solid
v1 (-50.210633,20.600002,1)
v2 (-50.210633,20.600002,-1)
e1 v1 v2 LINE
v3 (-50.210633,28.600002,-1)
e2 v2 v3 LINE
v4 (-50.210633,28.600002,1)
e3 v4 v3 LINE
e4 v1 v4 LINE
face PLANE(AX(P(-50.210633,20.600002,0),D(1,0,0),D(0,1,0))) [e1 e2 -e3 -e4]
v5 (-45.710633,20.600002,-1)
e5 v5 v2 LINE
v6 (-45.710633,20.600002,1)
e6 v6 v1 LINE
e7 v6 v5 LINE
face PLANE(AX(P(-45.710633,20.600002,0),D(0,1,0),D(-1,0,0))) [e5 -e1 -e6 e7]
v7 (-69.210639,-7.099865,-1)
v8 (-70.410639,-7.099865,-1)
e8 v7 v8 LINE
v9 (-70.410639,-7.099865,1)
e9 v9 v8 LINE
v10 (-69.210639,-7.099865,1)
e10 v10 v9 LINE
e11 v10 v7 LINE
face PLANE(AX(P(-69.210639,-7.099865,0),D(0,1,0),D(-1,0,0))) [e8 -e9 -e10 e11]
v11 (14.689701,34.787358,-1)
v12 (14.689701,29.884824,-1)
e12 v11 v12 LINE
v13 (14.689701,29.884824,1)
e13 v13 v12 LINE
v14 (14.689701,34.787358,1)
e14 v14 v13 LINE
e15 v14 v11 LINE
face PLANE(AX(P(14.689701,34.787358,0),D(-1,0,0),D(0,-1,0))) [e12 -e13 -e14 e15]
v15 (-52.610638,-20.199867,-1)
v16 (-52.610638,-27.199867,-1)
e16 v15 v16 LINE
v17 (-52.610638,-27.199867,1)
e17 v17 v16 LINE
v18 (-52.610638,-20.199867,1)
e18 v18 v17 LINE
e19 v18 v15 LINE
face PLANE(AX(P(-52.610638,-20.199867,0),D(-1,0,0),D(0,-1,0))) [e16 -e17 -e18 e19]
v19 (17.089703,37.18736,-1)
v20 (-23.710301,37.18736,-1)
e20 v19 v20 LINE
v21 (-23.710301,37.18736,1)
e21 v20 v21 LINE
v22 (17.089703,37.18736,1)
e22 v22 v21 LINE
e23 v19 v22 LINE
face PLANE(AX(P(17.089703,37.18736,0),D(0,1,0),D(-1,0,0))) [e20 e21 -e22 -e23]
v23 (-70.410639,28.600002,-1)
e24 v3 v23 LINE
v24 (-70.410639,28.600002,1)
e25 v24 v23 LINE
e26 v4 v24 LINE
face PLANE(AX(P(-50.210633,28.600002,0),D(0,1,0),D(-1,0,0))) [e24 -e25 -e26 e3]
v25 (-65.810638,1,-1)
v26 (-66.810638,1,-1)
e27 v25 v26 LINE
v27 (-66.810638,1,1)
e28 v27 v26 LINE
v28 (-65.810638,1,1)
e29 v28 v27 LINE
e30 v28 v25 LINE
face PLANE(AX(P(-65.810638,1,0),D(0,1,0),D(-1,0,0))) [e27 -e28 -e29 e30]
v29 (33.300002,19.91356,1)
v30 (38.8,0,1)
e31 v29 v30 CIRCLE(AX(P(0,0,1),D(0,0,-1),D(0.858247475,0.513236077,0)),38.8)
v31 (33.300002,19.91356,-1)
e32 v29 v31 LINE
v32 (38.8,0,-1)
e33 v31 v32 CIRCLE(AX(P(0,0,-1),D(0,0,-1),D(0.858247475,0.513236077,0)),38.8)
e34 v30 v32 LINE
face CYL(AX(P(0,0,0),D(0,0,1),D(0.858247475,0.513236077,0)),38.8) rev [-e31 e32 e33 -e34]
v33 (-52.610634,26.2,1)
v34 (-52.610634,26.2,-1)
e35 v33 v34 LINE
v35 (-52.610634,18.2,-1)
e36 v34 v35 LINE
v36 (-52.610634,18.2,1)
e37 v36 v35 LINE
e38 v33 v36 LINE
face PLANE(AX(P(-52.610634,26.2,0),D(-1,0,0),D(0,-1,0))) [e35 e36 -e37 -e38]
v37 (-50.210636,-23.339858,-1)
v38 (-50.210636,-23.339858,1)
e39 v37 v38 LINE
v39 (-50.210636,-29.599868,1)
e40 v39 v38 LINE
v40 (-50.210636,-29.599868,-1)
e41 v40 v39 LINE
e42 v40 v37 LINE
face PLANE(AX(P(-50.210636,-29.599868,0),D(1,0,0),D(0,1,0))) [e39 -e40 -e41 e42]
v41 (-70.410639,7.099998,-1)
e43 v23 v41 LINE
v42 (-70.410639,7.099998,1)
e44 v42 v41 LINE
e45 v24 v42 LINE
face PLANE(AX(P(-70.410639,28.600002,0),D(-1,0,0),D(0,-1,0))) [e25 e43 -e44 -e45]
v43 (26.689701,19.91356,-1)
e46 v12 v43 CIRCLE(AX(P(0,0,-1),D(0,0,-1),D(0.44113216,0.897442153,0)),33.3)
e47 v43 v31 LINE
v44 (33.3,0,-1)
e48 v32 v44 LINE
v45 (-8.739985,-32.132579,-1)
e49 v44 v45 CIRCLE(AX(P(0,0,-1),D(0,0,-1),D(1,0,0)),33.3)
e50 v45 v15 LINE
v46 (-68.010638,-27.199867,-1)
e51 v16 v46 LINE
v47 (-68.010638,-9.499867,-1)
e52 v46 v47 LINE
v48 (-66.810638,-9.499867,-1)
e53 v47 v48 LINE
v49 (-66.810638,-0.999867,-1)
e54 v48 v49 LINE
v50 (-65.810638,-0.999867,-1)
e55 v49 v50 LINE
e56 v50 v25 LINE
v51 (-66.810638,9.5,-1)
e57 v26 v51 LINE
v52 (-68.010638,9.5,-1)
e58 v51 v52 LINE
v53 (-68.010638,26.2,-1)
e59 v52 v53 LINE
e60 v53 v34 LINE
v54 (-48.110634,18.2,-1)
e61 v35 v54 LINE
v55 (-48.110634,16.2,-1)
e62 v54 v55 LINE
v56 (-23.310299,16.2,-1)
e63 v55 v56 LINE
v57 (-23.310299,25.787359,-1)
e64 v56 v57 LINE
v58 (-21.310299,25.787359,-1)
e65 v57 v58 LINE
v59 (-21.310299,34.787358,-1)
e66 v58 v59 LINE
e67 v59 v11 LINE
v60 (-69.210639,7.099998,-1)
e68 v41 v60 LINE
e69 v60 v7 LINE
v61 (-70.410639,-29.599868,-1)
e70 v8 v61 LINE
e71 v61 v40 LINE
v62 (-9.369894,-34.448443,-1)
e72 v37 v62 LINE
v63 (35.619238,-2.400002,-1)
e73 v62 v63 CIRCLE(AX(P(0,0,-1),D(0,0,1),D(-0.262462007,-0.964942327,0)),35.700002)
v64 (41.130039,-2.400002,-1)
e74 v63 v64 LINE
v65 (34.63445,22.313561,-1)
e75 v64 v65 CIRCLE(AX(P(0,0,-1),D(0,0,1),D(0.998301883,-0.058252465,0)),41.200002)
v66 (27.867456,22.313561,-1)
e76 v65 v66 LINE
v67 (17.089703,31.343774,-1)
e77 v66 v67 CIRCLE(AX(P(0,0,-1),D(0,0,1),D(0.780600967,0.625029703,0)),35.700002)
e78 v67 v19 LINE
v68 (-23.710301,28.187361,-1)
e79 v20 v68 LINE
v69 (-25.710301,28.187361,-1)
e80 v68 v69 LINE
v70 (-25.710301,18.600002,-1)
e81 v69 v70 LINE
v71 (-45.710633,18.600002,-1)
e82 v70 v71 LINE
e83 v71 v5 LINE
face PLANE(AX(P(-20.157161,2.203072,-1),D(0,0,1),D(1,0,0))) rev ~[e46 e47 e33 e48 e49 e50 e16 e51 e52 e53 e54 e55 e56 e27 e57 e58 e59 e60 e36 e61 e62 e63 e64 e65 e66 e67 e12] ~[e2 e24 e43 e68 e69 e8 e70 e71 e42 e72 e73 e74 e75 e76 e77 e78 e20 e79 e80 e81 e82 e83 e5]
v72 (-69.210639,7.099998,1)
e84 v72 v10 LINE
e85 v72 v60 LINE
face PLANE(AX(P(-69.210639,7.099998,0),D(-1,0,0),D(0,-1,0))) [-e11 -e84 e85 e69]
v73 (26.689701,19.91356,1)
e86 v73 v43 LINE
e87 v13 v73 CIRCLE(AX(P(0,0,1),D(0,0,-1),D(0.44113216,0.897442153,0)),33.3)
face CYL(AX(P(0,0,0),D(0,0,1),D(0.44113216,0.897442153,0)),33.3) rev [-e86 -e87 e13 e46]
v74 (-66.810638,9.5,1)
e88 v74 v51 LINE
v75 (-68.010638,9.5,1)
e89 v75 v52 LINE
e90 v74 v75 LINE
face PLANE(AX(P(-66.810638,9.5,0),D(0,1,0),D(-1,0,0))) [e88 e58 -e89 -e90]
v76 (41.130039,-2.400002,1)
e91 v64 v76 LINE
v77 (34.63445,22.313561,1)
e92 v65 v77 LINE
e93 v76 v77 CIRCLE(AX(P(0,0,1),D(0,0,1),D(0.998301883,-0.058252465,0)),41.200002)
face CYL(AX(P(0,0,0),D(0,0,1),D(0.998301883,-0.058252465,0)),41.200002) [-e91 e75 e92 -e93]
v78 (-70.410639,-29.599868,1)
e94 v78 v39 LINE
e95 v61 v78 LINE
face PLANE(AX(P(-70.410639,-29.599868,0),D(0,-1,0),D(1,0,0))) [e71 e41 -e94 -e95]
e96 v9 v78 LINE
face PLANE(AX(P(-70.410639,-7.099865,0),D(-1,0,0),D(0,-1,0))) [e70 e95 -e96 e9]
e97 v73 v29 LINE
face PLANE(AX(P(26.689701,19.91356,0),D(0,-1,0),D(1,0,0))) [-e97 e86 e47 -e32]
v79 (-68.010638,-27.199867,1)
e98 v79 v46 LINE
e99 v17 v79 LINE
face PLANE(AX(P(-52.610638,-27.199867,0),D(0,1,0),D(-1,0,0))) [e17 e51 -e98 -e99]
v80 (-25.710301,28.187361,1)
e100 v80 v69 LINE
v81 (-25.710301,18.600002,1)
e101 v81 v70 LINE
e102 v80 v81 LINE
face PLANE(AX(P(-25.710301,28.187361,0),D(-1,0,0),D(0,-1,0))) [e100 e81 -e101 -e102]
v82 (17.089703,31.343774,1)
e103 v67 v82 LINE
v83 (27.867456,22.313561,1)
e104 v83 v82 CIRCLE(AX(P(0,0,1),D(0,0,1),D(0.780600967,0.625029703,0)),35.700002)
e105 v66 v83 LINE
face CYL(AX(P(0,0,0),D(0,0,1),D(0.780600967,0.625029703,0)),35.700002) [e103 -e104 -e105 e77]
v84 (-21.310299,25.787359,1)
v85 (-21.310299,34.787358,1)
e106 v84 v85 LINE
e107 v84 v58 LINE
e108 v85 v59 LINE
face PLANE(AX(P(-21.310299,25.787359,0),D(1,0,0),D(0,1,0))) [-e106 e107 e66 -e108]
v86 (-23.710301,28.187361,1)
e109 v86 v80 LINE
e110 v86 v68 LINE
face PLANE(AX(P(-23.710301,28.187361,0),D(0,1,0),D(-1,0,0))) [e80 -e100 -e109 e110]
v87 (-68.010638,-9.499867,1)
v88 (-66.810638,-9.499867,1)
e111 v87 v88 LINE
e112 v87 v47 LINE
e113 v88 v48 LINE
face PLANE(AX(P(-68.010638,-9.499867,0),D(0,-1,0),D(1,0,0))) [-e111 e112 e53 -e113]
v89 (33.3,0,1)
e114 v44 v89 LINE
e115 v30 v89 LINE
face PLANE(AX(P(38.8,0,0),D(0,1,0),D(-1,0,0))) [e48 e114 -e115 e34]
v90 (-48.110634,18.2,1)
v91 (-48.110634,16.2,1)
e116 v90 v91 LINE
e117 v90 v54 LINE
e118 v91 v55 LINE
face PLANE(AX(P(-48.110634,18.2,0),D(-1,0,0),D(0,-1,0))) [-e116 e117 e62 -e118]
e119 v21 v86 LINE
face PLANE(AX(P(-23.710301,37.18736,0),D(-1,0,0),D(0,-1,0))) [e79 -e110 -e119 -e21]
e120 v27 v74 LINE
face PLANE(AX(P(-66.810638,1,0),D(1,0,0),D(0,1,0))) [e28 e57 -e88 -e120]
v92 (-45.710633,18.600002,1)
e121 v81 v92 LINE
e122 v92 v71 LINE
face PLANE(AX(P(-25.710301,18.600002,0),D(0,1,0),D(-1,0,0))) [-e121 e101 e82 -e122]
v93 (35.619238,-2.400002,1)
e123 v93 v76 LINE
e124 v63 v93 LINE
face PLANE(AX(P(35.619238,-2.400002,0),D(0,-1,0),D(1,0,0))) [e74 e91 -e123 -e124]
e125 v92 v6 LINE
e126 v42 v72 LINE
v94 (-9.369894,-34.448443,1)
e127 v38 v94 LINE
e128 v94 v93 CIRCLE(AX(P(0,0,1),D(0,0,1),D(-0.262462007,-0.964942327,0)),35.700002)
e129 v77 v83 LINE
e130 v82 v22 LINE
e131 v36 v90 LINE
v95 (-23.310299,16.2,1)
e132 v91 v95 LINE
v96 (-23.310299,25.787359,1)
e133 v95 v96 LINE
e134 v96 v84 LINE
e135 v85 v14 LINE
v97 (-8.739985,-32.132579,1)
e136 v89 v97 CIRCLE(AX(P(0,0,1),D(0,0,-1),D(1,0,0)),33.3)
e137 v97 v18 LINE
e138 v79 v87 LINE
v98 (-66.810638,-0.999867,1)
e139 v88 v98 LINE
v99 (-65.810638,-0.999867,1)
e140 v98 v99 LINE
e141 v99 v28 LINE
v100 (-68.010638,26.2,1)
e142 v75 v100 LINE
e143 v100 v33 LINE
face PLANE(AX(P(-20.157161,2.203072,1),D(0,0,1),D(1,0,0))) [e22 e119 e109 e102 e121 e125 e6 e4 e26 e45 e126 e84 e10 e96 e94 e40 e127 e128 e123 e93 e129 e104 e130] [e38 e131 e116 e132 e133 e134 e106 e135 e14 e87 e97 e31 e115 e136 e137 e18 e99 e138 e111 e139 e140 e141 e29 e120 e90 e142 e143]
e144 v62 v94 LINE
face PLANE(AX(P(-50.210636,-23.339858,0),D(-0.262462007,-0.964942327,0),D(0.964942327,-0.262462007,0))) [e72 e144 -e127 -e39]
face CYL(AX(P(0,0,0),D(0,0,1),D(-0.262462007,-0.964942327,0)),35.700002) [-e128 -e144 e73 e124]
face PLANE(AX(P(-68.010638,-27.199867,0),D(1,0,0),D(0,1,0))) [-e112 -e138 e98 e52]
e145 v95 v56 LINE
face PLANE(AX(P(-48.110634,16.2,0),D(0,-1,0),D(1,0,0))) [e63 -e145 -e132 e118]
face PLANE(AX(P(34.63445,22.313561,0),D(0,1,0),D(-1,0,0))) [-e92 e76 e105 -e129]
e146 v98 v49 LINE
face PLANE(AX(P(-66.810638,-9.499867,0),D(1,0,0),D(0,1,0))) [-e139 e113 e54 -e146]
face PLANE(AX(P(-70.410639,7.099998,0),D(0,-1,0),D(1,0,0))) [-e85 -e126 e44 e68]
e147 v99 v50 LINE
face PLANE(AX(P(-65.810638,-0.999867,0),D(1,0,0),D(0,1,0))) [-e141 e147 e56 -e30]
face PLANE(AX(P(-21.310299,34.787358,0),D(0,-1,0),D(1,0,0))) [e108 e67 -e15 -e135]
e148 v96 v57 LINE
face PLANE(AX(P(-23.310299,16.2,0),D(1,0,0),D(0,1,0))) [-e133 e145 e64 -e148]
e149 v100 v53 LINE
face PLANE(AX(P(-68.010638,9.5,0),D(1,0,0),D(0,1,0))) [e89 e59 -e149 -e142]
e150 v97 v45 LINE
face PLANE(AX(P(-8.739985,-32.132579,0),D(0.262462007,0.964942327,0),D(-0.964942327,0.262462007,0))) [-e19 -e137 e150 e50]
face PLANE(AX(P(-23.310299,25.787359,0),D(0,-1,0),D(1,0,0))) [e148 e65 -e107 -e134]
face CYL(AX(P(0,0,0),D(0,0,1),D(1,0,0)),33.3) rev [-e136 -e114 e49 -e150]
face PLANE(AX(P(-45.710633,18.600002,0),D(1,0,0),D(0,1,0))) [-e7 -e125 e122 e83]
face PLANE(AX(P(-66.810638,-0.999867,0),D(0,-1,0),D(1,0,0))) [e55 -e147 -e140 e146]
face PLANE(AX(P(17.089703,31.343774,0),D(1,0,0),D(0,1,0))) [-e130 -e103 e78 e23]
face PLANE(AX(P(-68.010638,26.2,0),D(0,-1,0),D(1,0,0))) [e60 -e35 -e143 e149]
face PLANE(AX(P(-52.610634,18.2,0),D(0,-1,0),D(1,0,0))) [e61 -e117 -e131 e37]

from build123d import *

# Parameters (mm, degrees)
F1_DEPTH = 1


with BuildPart() as f1:
    # F0 (on Top) → F1 (new body, symmetric)
    with BuildSketch(Plane.XY):
        with BuildLine():
            Line((-70.4106393839, -7.0998651044), (-70.4106393839, -29.5998683792))
            Line((-70.4106393839, -29.5998683792), (-50.2106361091, -29.5998683792))
            Line((-50.2106361091, -29.5998683792), (-50.2106361091, -23.339858427))
            Line((-50.2106361091, -23.339858427), (-9.3698940826, -34.4484426613))
            ThreePointArc((-9.3698940826, -34.4484426613), (20.713103481, -29.0767512129), (35.6192379066, -2.4000016374))
            Line((35.6192379066, -2.4000016374), (41.13003923, -2.4000016374))
            ThreePointArc((41.13003923, -2.4000016374), (39.8466372276, 10.4730910707), (34.6344497709, 22.3135614366))
            Line((34.6344497709, 22.3135614366), (27.8674558028, 22.3135614366))
            ThreePointArc((27.8674558028, 22.3135614366), (22.9275534697, 27.3645282949), (17.0897025746, 31.3437742274))
            Line((17.0897025746, 31.3437742274), (17.0897025746, 37.1873599962))
            Line((17.0897025746, 37.1873599962), (-23.7103007001, 37.1873599962))
            Line((-23.7103007001, 37.1873599962), (-23.7103007001, 28.1873608961))
            Line((-23.7103007001, 28.1873608961), (-25.7103007001, 28.1873608961))
            Line((-25.7103007001, 28.1873608961), (-25.7103007001, 18.6000016374))
            Line((-25.7103007001, 18.6000016374), (-45.7106326896, 18.6000016374))
            Line((-45.7106326896, 18.6000016374), (-45.7106326896, 20.6000016374))
            Line((-45.7106326896, 20.6000016374), (-50.2106326896, 20.6000016374))
            Line((-50.2106326896, 20.6000016374), (-50.2106326896, 28.6000016374))
            Line((-50.2106326896, 28.6000016374), (-70.4106393839, 28.6000016374))
            Line((-70.4106393839, 28.6000016374), (-70.4106393839, 7.0999983626))
            Line((-70.4106393839, 7.0999983626), (-69.2106393839, 7.0999983626))
            Line((-69.2106393839, 7.0999983626), (-69.2106393839, 1.4001348956))
            Line((-69.2106393839, 1.4001348956), (-69.2106393839, -7.0998651044))
            Line((-69.2106393839, -7.0998651044), (-70.4106393839, -7.0998651044))
        make_face()
        with BuildLine():
            ThreePointArc((33.3, 0), (20.2218755926, -26.4568657916), (-8.7399848359, -32.132579496))
            Line((-8.7399848359, -32.132579496), (-52.6106377465, -20.1998667418))
            Line((-52.6106377465, -20.1998667418), (-52.6106377465, -27.1998667418))
            Line((-52.6106377465, -27.1998667418), (-68.0106377465, -27.1998667418))
            Line((-68.0106377465, -27.1998667418), (-68.0106377465, -9.4998667418))
            Line((-68.0106377465, -9.4998667418), (-66.8106377465, -9.4998667418))
            Line((-66.8106377465, -9.4998667418), (-66.8106377465, -0.9998667418))
            Line((-66.8106377465, -0.9998667418), (-65.8106377465, -0.9998667418))
            Line((-65.8106377465, -0.9998667418), (-65.8106377465, 0))
            Line((-65.8106377465, 0), (-65.8106377465, 1))
            Line((-65.8106377465, 1), (-66.8106377465, 1))
            Line((-66.8106377465, 1), (-66.8106377465, 9.5))
            Line((-66.8106377465, 9.5), (-68.0106377465, 9.5))
            Line((-68.0106377465, 9.5), (-68.0106377465, 26.2))
            Line((-68.0106377465, 26.2), (-52.6106343269, 26.2))
            Line((-52.6106343269, 26.2), (-52.6106343269, 18.2))
            Line((-52.6106343269, 18.2), (-48.1106343269, 18.2))
            Line((-48.1106343269, 18.2), (-48.1106343269, 16.2))
            Line((-48.1106343269, 16.2), (-23.3102990627, 16.2))
            Line((-23.3102990627, 16.2), (-23.3102990627, 25.7873592587))
            Line((-23.3102990627, 25.7873592587), (-21.3102990627, 25.7873592587))
            Line((-21.3102990627, 25.7873592587), (-21.3102990627, 34.7873583588))
            Line((-21.3102990627, 34.7873583588), (14.6897009373, 34.7873583588))
            Line((14.6897009373, 34.7873583588), (14.6897009373, 29.8848236798))
            ThreePointArc((14.6897009373, 29.8848236798), (21.2819230973, 25.6119063969), (26.6897009373, 19.9135597993))
            Line((26.6897009373, 19.9135597993), (33.3000020439, 19.9135597993))
            ThreePointArc((33.3000020439, 19.9135597993), (37.3997331495, 10.3295672876), (38.8, 0))
            Line((38.8, 0), (33.3, 0))
        make_face(mode=Mode.SUBTRACT)
    extrude(amount=F1_DEPTH, both=True)


solid = f1.part
